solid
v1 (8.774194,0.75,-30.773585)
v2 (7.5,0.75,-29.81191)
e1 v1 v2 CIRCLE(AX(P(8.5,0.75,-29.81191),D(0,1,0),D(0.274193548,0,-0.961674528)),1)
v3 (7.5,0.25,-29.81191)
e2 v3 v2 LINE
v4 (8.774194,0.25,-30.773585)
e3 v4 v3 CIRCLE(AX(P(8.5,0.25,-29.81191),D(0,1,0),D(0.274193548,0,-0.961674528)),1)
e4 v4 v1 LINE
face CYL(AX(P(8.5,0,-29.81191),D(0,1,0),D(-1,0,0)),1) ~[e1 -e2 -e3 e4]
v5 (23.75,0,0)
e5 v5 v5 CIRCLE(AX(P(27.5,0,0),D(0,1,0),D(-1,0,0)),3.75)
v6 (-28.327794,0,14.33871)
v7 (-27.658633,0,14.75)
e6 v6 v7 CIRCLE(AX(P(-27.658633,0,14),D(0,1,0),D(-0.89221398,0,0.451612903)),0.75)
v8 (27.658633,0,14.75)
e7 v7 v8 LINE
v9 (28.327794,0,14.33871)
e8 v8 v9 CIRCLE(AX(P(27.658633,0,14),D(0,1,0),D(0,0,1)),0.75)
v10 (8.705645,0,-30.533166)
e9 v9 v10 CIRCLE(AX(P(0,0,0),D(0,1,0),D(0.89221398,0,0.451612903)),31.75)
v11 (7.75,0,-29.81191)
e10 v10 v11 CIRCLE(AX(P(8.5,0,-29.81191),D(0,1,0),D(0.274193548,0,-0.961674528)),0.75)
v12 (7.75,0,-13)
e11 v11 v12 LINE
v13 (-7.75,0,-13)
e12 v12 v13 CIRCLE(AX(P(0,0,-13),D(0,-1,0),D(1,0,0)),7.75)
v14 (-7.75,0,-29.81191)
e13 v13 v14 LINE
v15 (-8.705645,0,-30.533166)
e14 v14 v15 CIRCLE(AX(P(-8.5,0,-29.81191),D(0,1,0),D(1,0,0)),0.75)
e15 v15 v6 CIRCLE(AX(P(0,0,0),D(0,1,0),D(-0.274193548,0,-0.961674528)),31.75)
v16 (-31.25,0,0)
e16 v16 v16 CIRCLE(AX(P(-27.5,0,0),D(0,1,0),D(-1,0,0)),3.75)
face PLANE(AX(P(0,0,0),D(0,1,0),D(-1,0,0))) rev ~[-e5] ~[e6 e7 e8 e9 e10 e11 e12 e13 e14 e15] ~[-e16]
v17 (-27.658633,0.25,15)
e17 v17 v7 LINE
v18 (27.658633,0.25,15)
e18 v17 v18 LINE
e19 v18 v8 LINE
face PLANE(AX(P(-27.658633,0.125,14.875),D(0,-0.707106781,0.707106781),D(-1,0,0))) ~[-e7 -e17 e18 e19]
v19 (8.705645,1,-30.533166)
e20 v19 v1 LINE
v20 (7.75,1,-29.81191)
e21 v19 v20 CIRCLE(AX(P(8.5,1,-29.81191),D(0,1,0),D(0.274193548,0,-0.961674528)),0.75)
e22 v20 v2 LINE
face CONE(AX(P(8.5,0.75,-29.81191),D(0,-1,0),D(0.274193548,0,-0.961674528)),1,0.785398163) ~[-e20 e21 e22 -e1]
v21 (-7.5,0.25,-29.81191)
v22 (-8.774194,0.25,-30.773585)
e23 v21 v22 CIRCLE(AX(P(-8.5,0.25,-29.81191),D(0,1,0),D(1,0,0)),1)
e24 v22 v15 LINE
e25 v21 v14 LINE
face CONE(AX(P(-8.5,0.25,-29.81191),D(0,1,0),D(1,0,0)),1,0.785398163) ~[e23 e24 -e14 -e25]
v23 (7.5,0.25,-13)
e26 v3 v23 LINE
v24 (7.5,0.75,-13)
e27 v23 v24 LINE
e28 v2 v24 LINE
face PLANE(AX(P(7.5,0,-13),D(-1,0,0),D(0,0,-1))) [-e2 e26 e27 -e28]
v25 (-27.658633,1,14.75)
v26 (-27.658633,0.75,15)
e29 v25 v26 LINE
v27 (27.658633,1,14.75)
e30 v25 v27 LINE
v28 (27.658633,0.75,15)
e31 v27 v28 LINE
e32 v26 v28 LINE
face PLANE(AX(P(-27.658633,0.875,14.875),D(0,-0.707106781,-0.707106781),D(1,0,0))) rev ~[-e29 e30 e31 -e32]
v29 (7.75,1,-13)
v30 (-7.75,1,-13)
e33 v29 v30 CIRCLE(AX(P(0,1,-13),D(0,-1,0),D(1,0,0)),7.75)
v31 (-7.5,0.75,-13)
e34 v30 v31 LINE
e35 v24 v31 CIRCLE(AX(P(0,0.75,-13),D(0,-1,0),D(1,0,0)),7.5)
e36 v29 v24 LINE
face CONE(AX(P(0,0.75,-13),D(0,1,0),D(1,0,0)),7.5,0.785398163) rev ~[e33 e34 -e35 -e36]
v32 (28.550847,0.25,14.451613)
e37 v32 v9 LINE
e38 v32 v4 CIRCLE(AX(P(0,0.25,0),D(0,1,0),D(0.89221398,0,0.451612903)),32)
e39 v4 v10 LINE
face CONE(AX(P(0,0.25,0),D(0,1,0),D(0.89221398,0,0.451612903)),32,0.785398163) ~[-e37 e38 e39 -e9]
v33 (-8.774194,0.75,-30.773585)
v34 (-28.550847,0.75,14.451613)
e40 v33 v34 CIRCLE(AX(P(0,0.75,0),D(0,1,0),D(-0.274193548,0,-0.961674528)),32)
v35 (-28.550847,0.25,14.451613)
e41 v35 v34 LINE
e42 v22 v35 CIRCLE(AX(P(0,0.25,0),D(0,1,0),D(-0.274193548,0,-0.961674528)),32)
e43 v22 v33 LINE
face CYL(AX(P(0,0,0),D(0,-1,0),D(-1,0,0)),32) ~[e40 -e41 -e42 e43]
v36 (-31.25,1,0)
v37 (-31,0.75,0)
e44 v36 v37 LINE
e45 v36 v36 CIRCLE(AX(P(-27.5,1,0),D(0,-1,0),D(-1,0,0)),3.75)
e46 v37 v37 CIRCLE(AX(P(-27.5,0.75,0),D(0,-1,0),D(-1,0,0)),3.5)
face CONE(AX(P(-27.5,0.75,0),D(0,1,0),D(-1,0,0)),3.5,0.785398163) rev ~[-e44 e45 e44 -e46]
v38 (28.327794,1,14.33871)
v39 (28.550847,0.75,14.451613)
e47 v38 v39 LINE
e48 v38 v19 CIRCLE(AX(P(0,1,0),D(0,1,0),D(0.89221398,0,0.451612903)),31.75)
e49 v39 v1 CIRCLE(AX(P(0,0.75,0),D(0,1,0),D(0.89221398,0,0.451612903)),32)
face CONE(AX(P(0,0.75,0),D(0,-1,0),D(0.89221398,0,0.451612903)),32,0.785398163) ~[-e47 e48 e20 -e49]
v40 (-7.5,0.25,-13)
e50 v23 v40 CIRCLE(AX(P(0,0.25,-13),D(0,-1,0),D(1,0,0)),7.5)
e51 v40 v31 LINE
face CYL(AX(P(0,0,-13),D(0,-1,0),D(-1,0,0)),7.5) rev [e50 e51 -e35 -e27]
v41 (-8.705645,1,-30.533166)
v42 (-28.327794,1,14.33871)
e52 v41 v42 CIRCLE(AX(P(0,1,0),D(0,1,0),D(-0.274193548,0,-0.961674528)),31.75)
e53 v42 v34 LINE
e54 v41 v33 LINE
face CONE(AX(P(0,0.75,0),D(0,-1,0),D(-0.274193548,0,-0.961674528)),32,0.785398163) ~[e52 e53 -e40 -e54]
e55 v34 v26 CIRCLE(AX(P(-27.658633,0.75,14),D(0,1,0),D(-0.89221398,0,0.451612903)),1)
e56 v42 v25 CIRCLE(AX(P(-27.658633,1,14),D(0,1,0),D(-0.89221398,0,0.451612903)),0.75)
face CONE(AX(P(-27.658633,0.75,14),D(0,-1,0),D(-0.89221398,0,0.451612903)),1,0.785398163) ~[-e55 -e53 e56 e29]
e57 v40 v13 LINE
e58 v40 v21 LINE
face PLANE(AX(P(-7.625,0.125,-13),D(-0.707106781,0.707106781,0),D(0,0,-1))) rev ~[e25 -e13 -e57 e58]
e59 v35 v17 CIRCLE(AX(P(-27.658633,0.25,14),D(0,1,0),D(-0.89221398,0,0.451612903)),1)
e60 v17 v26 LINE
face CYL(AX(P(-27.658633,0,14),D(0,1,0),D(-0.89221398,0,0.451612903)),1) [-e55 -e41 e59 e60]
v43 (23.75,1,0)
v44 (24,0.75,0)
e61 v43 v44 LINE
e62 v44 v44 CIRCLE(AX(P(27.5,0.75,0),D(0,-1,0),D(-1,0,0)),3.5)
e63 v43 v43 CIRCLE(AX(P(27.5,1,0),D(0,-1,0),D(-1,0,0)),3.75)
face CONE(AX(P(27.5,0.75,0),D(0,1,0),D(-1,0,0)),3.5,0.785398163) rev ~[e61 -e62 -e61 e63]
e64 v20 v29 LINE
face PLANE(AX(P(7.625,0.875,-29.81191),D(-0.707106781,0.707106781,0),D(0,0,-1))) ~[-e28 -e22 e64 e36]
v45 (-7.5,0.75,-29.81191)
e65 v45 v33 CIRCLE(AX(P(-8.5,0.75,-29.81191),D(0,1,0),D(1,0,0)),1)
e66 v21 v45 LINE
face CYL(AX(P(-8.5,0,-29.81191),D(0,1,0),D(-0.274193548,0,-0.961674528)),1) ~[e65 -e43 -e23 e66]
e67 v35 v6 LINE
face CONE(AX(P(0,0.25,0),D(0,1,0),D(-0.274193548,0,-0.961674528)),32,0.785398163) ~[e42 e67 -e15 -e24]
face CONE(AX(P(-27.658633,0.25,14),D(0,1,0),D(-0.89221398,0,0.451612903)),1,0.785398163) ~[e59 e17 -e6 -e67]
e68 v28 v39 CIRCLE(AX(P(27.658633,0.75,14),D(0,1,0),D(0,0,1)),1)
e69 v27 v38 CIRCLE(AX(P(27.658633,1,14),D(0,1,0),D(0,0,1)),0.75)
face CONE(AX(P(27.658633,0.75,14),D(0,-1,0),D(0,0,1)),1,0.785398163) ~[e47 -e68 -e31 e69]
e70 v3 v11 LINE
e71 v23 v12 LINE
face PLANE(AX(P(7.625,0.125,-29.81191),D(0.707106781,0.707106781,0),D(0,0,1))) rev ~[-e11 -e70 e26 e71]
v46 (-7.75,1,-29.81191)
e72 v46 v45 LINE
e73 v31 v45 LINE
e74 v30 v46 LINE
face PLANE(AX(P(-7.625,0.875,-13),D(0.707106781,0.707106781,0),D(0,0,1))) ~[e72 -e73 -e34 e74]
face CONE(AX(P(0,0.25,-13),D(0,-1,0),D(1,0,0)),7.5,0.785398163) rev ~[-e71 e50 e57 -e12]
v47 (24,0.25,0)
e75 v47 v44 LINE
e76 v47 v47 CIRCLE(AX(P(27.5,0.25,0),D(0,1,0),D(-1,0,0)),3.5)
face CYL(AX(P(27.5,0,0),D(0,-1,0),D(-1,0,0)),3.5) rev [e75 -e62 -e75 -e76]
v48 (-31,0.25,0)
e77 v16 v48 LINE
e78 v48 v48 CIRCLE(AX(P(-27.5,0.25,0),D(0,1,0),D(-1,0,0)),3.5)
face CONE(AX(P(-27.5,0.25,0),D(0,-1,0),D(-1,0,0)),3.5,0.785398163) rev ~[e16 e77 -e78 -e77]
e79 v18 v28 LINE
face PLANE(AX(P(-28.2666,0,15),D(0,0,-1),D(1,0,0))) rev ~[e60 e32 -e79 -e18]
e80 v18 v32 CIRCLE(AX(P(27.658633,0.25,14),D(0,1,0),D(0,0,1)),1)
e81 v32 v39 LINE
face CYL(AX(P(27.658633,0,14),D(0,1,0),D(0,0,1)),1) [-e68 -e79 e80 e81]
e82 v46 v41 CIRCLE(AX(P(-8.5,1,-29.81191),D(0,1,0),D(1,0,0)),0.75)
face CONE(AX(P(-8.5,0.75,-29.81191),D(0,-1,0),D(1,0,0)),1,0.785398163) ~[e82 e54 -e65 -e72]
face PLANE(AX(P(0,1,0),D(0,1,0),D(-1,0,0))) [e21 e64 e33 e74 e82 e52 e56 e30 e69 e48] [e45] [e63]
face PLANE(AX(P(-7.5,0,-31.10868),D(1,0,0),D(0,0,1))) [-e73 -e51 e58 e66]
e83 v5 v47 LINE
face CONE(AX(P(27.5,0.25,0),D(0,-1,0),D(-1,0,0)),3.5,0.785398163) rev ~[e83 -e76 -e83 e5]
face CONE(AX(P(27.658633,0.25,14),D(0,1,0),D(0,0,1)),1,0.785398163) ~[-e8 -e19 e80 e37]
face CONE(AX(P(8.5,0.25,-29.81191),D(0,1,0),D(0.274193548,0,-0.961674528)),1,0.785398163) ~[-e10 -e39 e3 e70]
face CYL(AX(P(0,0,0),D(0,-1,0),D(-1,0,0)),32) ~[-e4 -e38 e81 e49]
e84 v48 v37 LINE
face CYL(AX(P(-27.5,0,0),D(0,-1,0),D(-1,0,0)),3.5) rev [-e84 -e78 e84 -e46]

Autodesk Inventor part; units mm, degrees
ref_plane "YZ Plane" through (0, 0, 0) normal (1, 0, 0) x (0, 1, 0)
ref_plane "XZ Plane" through (0, 0, 0) normal (0, 1, 0) x (-1, 0, 0)
ref_plane "XY Plane" through (0, 0, 0) normal (0, 0, 1) x (1, 0, 0)
sketch "Sketch1" plane through (0, 0, 0) normal (0, 1, 0) x (-1, 0, 0)
  circle A0 centre (0, 0) radius 32
  line L0 (27.5, 0) -> (-27.5, 0) construction
  circle A1 centre (27.5, 0) radius 3.5
  circle A2 centre (-27.5, 0) radius 3.5
  line L1 (26, 32) -> (-26, 32)
  line L2 (-26, 32) -> (-26, -32)
  line L3 (-26, -32) -> (26, -32)
  line L4 (26, -32) -> (26, 32)
  line L5 (26, 32) -> (-26, -32) construction
  line L6 (-26, 32) -> (26, -32) construction
  line L7 (0, -32) -> (0, -13) construction
  line L8 (7.5, -32) -> (7.5, -13)
  line L9 (-7.5, -13) -> (-7.5, -32)
  arc A3 (-7.5, -32) -> (7.5, -32) centre (0, -32) ccw
  arc A4 (7.5, -13) -> (-7.5, -13) centre (0, -13) ccw
  line L10 (-28.2666, 32) -> (28.2666, 32)
  line L11 (28.2666, 32) -> (28.2666, 15)
  line L12 (28.2666, 15) -> (-28.2666, 15)
  line L13 (-28.2666, 15) -> (-28.2666, 32)
  point P0 (0, -22.5)
  point P1 (0, -5.5)
  point P2 (31, 0)
  point P3 (-31, 0)
  point P4 (-7.5, -31.1087)
  point P5 (7.5, -31.1087)
  dimension "d0" = 64
  dimension "d1" = 55
  dimension "d2" = 7
  dimension "d3" = 7
  dimension "d4" = 52
  dimension "d5" = 15
  dimension "d6" = 5.5
  dimension "d13" = 15
extrude "Extrusion1" add sketch "Sketch1" along normal blind 1 contours A0 L4 A1 L12 | A0 L8 A4 L9 L2 A2 L12 L4 A1 | L2 A2 A0 L12
fillet "Fillet1" radius 1 4 edges at (-7.5, 0.5, -31.1087) (7.5, 0.5, -31.1087) (-28.2666, 0.5, 15) (28.2666, 0.5, 15)
chamfer "Chamfer1" distance 0.25 angle 45 20 edges at (-24, 0, 0) (-24, 1, 0) (29.3193, 1, -12.8211) (7.8976, 1, -30.6101) (7.5, 1, -21.406) (0, 1, -5.5) (-7.5, 1, -21.406) (-7.8976, 1, -30.6101) (-29.3193, 1, -12.8211) (-29.3193, 0, -12.8211) (-7.8976, 0, -30.6101) (-7.5, 0, -21.406) (0, 0, -5.5) (7.5, 0, -21.406) (7.8976, 0, -30.6101) (29.3193, 0, -12.8211) (31, 0, 0) (31, 1, 0) (0, 0, 15) (0, 1, 15)
properties part number "Battery Cover"
